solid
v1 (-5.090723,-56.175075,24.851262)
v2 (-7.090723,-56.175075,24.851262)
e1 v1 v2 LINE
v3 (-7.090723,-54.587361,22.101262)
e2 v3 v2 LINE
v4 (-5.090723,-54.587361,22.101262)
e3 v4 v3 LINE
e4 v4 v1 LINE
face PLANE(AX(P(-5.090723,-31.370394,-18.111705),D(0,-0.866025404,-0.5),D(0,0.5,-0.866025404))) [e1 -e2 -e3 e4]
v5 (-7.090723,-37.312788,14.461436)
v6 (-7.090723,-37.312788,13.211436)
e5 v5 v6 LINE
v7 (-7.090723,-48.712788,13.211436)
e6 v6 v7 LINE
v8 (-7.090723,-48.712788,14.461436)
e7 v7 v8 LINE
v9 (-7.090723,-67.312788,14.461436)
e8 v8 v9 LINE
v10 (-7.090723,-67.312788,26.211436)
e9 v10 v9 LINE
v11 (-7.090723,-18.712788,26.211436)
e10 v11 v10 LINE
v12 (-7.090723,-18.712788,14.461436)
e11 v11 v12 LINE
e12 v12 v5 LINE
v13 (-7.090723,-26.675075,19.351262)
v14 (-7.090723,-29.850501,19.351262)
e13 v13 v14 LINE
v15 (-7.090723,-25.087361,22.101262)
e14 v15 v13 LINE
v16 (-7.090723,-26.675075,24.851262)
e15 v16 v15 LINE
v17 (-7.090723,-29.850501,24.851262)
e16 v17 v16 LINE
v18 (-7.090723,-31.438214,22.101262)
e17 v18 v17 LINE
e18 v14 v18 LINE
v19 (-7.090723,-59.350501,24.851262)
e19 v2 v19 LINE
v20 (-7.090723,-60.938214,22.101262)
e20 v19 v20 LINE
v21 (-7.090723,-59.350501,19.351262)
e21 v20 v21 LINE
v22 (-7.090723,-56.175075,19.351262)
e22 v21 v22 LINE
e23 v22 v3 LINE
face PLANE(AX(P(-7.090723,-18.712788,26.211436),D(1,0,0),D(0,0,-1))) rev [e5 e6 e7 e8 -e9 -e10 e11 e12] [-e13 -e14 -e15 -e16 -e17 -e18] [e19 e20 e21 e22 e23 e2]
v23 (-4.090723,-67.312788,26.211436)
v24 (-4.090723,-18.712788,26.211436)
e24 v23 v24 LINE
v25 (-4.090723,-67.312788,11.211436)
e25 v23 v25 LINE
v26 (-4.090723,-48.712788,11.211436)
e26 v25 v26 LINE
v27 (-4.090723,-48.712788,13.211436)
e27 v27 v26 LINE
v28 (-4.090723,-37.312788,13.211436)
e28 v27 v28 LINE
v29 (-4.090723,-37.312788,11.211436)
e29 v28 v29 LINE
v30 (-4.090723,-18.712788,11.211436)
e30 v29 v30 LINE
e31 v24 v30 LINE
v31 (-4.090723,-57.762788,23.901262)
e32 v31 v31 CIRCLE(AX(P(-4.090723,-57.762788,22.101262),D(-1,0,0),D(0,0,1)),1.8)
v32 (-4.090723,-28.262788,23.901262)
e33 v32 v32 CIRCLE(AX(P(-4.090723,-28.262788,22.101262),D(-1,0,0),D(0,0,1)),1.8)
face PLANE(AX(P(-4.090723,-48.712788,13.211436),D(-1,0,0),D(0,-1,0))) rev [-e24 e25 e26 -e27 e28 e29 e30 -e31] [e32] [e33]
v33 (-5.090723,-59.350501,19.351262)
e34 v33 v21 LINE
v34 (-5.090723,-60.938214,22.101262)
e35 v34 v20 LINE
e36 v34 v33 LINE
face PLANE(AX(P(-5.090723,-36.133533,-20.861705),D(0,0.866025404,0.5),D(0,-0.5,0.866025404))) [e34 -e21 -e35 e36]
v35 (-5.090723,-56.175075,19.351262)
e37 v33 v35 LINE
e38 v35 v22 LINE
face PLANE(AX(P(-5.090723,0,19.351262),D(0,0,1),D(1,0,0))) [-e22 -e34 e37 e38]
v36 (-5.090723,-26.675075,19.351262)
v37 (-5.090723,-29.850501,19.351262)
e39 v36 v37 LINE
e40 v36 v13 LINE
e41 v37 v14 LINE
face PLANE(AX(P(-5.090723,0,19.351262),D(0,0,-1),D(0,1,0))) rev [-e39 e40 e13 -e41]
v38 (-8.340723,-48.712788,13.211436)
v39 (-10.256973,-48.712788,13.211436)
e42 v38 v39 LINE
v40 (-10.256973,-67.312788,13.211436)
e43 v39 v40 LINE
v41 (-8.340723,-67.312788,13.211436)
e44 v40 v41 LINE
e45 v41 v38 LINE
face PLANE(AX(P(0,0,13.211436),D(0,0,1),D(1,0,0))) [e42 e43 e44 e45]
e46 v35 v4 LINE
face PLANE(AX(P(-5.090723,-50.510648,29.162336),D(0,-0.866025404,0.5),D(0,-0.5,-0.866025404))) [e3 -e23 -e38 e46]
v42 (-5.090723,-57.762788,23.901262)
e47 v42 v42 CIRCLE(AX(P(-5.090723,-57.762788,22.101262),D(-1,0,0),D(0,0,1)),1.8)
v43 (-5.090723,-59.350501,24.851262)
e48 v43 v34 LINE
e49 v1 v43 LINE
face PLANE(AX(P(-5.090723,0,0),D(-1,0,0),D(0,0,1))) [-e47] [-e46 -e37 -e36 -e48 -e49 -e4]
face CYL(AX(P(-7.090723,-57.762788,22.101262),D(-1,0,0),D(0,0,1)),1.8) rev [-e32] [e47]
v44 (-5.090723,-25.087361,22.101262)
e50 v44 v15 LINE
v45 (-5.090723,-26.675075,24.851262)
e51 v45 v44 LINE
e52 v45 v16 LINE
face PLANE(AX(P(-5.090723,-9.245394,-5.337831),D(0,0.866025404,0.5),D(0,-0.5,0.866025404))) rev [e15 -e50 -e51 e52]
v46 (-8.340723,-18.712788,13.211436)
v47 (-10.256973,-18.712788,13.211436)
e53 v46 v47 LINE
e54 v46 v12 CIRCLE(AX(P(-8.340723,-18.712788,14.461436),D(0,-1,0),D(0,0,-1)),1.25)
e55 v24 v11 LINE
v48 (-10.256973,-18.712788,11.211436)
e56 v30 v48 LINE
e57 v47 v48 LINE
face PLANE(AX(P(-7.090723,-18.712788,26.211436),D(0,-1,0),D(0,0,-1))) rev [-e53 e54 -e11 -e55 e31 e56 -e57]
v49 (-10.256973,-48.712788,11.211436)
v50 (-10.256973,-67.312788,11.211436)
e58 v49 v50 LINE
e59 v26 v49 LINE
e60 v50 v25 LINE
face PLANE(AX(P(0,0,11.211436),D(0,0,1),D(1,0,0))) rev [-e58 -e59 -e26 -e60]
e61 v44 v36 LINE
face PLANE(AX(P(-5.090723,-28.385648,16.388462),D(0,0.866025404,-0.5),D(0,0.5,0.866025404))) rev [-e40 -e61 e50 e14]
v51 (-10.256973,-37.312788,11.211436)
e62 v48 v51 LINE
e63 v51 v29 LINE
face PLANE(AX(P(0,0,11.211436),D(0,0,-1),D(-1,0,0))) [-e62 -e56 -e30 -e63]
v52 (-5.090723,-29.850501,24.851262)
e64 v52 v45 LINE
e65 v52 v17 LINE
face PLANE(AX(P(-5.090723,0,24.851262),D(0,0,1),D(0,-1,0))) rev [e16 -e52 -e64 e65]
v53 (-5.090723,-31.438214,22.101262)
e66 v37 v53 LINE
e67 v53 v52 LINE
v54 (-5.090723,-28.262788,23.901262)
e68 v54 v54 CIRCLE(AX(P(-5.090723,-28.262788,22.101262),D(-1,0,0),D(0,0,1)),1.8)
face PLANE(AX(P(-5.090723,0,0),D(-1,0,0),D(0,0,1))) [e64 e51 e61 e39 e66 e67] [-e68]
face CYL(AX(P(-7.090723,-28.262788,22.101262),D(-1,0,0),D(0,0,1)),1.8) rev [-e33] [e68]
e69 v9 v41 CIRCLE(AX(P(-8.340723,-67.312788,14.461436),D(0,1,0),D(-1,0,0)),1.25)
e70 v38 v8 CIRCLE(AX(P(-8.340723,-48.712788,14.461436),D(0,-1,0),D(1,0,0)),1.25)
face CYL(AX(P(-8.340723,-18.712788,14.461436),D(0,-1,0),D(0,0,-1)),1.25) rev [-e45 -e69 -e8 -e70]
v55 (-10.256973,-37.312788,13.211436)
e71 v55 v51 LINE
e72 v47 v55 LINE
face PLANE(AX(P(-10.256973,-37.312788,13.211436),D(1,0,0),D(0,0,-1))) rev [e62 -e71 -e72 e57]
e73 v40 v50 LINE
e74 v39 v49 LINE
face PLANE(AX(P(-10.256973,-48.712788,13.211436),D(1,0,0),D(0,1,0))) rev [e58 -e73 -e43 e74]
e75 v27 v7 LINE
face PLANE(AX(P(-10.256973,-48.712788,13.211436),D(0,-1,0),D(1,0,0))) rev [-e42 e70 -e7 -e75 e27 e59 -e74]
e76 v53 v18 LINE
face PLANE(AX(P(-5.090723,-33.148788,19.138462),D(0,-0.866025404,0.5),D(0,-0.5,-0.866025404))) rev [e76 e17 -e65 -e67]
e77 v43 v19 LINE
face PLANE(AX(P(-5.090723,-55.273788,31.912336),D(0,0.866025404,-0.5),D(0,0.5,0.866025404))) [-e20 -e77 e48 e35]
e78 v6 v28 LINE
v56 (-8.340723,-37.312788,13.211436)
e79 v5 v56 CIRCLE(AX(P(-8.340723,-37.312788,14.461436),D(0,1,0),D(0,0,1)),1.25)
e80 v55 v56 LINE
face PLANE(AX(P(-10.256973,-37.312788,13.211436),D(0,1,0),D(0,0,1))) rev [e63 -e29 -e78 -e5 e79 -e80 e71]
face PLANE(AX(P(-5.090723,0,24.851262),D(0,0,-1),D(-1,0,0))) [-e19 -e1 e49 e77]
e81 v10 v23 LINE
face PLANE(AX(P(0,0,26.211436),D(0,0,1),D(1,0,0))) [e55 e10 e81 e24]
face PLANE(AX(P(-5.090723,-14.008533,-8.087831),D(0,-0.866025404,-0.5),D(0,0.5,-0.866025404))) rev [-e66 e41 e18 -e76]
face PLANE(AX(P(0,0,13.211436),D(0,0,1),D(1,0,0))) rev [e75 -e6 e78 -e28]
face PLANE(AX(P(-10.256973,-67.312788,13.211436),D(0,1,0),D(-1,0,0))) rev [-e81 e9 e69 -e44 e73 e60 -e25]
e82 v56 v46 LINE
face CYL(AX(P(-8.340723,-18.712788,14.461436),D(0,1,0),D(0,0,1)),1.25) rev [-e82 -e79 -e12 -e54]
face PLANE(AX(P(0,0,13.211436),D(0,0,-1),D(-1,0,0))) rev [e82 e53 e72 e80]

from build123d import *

# Parameters (mm, degrees)
SKETCH2_W             = 6.16625
SKETCH2_H             = 18.6
BOSS_EXTRUDE1_DEPTH   = 2
BOSS_EXTRUDE1_2_DEPTH = 2
SKETCH3_W             = 3
SKETCH3_H             = 48.6
BOSS_EXTRUDE2_DEPTH   = 13
FILLET1_R             = 1.25
CUT_EXTRUDE1_DEPTH    = 2
M3_CLEARANCE_HOLE1_D  = 3.6


with BuildPart() as part:
    # Sketch2 → Boss-Extrude1 (new body)
    with BuildSketch(Plane.XY.offset(11.211435671)):
        with Locations((-7.173848327, -28.012787822)):
            Rectangle(SKETCH2_W, SKETCH2_H)
    extrude(amount=BOSS_EXTRUDE1_DEPTH)



with BuildPart() as body_2:
    # Sketch2 → Boss-Extrude1 2 (new body)
    with BuildSketch(Plane.XY.offset(11.211435671)):
        with Locations((-7.173848327, -58.012787822)):
            Rectangle(SKETCH2_W, SKETCH2_H)
    extrude(amount=BOSS_EXTRUDE1_2_DEPTH)


with BuildPart() as part_1:
    add(part.part)

    add(body_2.part)  # Boss-Extrude2 merges body 2
    # Sketch3 → Boss-Extrude2 (add)
    with BuildSketch(Plane.XY.offset(13.211435671)):
        with Locations((-5.590723327, -43.012787822)):
            Rectangle(SKETCH3_W, SKETCH3_H)
    extrude(amount=BOSS_EXTRUDE2_DEPTH)

    # Fillet1
    fillet1_edges = [part_1.edges().sort_by_distance(p)[0] for p in [
        (-7.090723327, -58.012787822, 13.211435671),
        (-7.090723327, -28.012787822, 13.211435671),
    ]]
    fillet(fillet1_edges, radius=FILLET1_R)

    # Sketch4 → Cut-Extrude1 (cut)
    with BuildSketch(Plane(origin=(-7.090723327, 0, 0), x_dir=(0, 0, -1), z_dir=(1, 0, 0))):
        Polygon((-19.351262419, -29.850501062), (-22.101262419, -31.438214302), (-24.851262419, -29.850501062), (-24.851262419, -26.675074581), (-22.101262419, -25.087361341), (-19.351262419, -26.675074581), align=None)
        Polygon((-22.101262419, -60.938214302), (-19.351262419, -59.350501062), (-19.351262419, -56.175074581), (-22.101262419, -54.587361341), (-24.851262419, -56.175074581), (-24.851262419, -59.350501062), align=None)
    extrude(amount=CUT_EXTRUDE1_DEPTH, mode=Mode.SUBTRACT)

    # M3 Clearance Hole1 (through all)
    with Locations(Plane.ZY.offset(7.090723327)):
        with Locations((22.101262419, -57.762787822), (22.101262419, -28.262787822)):
            Hole(M3_CLEARANCE_HOLE1_D / 2)


solid = part_1.part
